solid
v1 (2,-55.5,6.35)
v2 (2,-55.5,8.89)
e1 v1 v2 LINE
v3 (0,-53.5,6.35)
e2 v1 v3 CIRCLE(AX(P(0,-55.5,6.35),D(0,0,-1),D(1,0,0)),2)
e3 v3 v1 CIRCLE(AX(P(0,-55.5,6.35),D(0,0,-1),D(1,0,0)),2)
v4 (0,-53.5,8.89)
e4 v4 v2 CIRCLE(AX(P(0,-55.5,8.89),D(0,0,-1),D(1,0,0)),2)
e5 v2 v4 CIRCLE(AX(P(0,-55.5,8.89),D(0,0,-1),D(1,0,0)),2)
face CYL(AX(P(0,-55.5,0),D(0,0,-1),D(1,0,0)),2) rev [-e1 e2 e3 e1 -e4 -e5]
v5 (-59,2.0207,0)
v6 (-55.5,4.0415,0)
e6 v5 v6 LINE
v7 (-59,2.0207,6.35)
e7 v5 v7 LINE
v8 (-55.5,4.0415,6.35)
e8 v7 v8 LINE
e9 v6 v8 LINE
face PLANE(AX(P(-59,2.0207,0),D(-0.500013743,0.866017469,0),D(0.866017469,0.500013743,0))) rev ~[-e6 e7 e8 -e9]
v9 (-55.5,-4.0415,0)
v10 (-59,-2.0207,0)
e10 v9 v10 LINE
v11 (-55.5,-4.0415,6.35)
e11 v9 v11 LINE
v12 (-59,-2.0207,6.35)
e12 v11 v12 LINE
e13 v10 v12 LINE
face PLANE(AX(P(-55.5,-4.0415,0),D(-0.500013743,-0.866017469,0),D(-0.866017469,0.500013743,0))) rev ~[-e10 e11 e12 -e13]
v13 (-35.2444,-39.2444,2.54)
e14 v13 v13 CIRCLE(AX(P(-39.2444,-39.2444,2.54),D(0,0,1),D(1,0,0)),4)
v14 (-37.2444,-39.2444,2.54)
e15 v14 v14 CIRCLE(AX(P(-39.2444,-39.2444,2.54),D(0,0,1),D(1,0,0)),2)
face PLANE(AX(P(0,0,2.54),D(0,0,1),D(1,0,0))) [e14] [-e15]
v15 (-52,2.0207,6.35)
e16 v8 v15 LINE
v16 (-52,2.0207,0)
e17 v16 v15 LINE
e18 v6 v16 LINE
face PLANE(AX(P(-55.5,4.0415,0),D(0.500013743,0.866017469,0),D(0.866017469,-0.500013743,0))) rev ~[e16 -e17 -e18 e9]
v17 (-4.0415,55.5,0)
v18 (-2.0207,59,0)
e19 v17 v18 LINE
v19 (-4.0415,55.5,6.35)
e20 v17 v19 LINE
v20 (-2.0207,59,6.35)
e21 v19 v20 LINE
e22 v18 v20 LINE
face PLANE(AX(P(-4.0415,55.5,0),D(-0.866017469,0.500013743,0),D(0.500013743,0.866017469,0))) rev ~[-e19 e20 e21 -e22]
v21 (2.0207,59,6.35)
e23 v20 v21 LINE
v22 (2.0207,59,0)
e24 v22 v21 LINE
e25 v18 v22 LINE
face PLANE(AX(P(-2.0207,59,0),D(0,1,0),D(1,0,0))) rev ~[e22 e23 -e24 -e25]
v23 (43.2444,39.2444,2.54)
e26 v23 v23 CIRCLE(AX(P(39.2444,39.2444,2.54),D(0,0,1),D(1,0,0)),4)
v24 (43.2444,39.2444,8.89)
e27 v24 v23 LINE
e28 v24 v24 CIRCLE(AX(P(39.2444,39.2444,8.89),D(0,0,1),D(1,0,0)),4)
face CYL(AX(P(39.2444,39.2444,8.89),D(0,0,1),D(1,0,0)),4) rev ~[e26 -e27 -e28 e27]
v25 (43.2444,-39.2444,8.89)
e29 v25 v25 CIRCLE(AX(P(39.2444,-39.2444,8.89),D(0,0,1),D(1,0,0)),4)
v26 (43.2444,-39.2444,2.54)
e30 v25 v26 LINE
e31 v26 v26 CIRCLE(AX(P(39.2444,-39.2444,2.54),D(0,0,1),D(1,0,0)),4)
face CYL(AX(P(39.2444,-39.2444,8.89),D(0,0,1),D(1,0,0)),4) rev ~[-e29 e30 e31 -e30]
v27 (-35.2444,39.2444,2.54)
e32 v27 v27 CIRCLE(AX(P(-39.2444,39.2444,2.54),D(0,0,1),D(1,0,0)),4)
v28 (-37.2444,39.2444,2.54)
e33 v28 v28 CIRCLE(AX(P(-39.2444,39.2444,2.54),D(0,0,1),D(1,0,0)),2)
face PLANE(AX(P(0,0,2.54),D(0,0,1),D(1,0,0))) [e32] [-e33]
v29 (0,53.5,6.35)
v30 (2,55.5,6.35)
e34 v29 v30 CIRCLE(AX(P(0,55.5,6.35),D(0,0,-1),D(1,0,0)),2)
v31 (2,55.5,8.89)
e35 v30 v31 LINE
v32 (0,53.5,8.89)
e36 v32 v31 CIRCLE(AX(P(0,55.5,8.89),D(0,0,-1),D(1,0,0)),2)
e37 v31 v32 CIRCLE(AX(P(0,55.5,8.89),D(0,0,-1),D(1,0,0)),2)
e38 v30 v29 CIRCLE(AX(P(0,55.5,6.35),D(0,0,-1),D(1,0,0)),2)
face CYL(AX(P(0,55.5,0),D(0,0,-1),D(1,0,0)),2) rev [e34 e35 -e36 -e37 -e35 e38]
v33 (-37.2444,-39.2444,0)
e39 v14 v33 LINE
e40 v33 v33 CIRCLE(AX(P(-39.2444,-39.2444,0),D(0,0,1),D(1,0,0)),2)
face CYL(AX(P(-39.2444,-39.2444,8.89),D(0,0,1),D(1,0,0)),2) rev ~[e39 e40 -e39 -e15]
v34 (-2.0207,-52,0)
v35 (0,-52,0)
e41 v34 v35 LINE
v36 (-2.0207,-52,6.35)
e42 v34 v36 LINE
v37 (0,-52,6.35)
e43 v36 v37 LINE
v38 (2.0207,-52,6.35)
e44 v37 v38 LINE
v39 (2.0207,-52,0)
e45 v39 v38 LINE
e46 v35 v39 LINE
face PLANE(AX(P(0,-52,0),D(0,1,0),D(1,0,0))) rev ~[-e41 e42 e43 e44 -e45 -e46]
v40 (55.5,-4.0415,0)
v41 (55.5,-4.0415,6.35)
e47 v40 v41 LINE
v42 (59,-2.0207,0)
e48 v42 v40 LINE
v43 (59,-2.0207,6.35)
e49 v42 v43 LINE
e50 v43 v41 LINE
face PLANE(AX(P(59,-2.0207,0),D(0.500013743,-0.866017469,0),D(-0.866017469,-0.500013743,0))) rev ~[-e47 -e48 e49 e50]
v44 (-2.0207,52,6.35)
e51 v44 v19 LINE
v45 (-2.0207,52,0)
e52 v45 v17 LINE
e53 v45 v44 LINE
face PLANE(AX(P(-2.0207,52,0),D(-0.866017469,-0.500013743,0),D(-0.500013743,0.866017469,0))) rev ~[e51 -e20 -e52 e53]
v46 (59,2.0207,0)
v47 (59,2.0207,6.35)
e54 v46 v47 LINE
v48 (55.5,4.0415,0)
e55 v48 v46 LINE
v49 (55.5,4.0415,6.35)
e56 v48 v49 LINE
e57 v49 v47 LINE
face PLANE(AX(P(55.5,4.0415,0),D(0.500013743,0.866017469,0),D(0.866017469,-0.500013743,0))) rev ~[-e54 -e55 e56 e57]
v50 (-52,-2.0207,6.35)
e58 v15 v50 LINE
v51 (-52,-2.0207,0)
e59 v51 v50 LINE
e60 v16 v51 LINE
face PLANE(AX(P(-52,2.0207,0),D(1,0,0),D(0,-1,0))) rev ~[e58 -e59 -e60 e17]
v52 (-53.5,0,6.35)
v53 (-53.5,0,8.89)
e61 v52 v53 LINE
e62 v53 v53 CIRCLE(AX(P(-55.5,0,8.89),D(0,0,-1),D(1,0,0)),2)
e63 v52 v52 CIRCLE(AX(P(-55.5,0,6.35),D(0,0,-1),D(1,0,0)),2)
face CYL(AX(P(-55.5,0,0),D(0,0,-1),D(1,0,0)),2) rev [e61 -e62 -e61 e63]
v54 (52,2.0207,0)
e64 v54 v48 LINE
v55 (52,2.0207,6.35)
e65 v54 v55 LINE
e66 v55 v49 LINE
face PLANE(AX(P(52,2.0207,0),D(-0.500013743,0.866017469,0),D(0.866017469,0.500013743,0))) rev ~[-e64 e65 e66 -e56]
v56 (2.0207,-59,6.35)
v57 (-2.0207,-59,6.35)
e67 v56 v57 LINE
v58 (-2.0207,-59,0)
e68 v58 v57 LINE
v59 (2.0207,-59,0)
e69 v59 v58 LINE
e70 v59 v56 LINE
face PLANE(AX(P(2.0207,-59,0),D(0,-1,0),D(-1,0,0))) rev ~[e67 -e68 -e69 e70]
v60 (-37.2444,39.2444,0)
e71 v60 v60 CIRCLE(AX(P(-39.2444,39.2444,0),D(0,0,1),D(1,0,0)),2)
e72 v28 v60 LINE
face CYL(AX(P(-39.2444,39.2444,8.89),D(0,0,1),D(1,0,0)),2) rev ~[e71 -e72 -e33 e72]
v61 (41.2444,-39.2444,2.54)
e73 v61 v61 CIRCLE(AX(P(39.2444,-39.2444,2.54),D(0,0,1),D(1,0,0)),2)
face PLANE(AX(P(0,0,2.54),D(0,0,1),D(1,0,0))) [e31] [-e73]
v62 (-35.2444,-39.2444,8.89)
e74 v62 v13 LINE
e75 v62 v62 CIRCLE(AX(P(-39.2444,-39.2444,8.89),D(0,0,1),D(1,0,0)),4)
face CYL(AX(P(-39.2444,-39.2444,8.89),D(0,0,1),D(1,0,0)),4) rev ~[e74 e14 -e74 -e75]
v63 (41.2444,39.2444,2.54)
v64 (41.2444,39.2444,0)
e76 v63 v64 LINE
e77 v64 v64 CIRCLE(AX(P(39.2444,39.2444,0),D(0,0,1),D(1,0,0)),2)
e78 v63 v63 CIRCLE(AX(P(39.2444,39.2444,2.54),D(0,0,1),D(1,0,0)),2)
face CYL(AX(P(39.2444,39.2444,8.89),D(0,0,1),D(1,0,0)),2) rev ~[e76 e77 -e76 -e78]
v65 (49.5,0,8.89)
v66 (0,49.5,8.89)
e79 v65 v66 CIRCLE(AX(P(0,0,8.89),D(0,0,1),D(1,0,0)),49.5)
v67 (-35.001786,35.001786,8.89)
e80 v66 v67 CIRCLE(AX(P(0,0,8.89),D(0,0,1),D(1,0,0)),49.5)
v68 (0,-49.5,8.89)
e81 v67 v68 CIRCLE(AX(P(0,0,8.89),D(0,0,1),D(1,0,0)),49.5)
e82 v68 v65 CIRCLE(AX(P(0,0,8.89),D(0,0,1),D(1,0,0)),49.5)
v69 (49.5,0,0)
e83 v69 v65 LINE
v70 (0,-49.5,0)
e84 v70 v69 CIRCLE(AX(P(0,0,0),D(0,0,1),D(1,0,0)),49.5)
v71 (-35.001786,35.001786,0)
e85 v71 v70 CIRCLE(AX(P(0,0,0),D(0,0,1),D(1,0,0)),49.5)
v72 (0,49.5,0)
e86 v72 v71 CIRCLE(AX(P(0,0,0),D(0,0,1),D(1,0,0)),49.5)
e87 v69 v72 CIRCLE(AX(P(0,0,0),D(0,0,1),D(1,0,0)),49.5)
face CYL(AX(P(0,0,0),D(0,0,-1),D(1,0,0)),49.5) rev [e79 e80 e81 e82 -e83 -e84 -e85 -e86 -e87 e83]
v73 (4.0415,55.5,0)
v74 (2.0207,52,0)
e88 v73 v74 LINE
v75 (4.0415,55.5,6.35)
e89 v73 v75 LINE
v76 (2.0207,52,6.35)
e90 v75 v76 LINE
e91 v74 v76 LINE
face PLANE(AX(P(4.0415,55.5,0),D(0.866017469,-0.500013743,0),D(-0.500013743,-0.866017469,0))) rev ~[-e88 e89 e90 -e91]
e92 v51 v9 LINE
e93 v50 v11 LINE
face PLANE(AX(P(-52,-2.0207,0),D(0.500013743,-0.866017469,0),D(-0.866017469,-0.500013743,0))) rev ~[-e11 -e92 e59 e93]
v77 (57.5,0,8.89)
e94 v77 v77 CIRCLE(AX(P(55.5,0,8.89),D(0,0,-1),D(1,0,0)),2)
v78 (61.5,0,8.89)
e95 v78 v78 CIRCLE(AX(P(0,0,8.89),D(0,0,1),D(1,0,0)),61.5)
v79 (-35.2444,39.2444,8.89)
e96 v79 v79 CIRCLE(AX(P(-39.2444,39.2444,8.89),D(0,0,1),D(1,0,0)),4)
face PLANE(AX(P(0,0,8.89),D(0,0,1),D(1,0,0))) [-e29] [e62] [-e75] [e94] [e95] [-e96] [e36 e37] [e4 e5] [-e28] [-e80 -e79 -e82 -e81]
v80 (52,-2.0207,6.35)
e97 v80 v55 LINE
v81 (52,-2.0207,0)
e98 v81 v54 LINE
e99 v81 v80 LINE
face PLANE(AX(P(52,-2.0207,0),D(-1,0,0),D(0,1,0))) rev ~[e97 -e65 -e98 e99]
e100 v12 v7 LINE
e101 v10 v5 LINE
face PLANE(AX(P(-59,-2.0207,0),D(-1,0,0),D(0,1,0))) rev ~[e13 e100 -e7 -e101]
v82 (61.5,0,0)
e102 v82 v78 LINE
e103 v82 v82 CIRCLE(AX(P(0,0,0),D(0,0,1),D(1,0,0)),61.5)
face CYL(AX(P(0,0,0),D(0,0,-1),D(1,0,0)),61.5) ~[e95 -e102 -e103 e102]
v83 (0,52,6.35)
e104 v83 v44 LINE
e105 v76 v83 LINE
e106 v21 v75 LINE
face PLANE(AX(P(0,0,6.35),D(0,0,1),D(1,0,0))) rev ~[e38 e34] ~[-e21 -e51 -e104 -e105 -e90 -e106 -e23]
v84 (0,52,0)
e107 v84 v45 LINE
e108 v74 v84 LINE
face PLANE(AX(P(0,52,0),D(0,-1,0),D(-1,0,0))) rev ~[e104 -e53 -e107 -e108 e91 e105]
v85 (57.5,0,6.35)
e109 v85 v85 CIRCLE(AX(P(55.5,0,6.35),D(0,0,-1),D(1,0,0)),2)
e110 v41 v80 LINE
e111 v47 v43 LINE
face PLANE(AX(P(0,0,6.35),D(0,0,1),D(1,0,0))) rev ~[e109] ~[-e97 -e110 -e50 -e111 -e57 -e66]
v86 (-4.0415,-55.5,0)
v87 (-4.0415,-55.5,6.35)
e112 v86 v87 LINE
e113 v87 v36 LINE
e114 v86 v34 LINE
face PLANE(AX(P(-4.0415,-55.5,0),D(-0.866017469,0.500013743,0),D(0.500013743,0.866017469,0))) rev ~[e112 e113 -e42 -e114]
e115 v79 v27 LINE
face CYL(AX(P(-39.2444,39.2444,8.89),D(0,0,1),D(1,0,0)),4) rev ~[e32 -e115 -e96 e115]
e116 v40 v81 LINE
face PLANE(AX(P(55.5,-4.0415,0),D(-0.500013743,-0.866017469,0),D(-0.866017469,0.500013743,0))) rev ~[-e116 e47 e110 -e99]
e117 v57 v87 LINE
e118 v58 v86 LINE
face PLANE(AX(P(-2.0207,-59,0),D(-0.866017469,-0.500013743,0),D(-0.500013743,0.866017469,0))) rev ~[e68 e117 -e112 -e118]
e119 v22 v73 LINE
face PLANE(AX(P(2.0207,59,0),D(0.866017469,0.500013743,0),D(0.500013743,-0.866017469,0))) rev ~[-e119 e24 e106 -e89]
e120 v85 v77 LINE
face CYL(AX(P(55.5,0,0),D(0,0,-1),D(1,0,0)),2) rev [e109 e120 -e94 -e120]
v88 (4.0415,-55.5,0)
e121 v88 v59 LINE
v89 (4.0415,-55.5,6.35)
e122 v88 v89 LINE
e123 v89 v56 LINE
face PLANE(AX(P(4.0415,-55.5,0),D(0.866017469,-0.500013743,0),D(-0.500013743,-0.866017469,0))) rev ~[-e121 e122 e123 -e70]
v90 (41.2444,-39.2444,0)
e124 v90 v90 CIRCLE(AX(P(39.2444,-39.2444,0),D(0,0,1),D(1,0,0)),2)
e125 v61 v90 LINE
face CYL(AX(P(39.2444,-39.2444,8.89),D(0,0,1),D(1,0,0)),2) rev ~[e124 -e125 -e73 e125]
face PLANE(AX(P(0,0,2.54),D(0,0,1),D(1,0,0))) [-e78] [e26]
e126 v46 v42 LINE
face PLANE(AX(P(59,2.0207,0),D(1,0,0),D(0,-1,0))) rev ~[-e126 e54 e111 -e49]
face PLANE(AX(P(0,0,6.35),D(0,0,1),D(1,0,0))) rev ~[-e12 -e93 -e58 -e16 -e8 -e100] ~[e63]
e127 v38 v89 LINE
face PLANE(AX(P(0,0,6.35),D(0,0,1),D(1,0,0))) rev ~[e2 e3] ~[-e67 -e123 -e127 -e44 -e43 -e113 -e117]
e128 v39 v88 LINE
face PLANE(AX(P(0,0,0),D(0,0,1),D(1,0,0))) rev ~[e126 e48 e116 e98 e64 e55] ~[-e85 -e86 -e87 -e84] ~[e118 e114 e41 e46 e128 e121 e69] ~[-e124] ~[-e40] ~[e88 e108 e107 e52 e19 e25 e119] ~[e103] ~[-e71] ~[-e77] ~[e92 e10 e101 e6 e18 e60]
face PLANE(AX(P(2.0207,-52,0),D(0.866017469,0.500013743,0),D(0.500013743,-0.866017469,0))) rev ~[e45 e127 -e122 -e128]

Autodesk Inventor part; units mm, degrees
ref_plane "YZ Plane" through (0, 0, 0) normal (1, 0, 0) x (0, 1, 0)
ref_plane "XZ Plane" through (0, 0, 0) normal (0, 1, 0) x (-1, 0, 0)
ref_plane "XY Plane" through (0, 0, 0) normal (0, 0, 1) x (1, 0, 0)
ref_plane "Work Plane1" through (0, 0, 0) normal (0, 0, 1) x (1, 0, 0)
sketch "Sketch1" plane through (0, 0, 0) normal (0, 0, 1) x (1, 0, 0)
  circle A0 centre (0, -55.5) radius 5.1943 projected
  circle A1 centre (-55.5, 0) radius 5.1943 projected
  circle A2 centre (0, 55.5) radius 5.1943 projected
  circle A3 centre (55.5, 0) radius 5.1943 projected
  circle A4 centre (0, 0) radius 61.5 projected
  circle A5 centre (0, 0) radius 49.5 projected
  line L0 (-2.0207, 52) -> (-4.0415, 55.5)
  line L1 (-4.0415, 55.5) -> (-2.0207, 59)
  line L2 (-2.0207, 59) -> (2.0207, 59)
  line L3 (2.0207, 59) -> (4.0415, 55.5)
  line L4 (4.0415, 55.5) -> (2.0207, 52)
  line L5 (2.0207, 52) -> (-2.0207, 52)
  line L6 (0, 55.5) -> (0, 52) construction
  line L7 (-52, -2.0207) -> (-55.5, -4.0415)
  line L8 (-55.5, -4.0415) -> (-59, -2.0207)
  line L9 (-59, -2.0207) -> (-59, 2.0207)
  line L10 (-59, 2.0207) -> (-55.5, 4.0415)
  line L11 (-55.5, 4.0415) -> (-52, 2.0207)
  line L12 (-52, 2.0207) -> (-52, -2.0207)
  line L13 (2.0207, -52) -> (4.0415, -55.5)
  line L14 (4.0415, -55.5) -> (2.0207, -59)
  line L15 (2.0207, -59) -> (-2.0207, -59)
  line L16 (-2.0207, -59) -> (-4.0415, -55.5)
  line L17 (-4.0415, -55.5) -> (-2.0207, -52)
  line L18 (-2.0207, -52) -> (2.0207, -52)
  line L19 (52, 2.0207) -> (55.5, 4.0415)
  line L20 (55.5, 4.0415) -> (59, 2.0207)
  line L21 (59, 2.0207) -> (59, -2.0207)
  line L22 (59, -2.0207) -> (55.5, -4.0415)
  line L23 (55.5, -4.0415) -> (52, -2.0207)
  line L24 (52, -2.0207) -> (52, 2.0207)
  circle A6 centre (0, 55.5) radius 5.1943
  circle A7 centre (-39.2444, 39.2444) radius 5.1943
  line L25 (-39.2444, 39.2444) -> (0, 0)
  line L26 (0, 55.5) -> (0, -55.5)
  circle A8 centre (-39.2444, -39.2444) radius 5.1943
  circle A9 centre (39.2444, -39.2444) radius 5.1943
  circle A10 centre (39.2444, 39.2444) radius 5.1943
  circle A11 centre (0, -55.5) radius 2
  circle A12 centre (55.5, 0) radius 2
  circle A13 centre (0, 55.5) radius 2
  circle A14 centre (-55.5, 0) radius 2
  point P0 (-52, 0)
  point P1 (0, -52)
  point P2 (52, 0)
  dimension "d2" = 7
  dimension "d5" = 360
  dimension "d11" = 45
  dimension "d12" = 10.3886
  dimension "d13" = 55.5
  dimension "d16" = 360
  dimension "d32" = 4
  dimension "d35" = 360
extrude "Extrusion1" add sketch "Sketch1" along normal blind 8.89 contours A11 | L18 L13 L14 L15 L16 L17 | A0 | A7 | A13 | L5 L0 L1 L2 L3 L4 | A2 | A1 | A3 | A4 | L7 L8 L9 L10 L11 L12 | L19 L20 L21 L22 L23 L24 | A8 | A9 | A10 | A12 | A14
extrude "Extrusion2" cut sketch "Sketch1" along normal blind 6.35 contours A11 | L18 L13 L14 L15 L16 L17 | A13 | L5 L0 L1 L2 L3 L4 | L7 L8 L9 L10 L11 L12 | L19 L20 L21 L22 L23 L24 | A12 | A14
sketch "Sketch2" plane through (0, 0, 8.89) normal (0, 0, 1) x (1, 0, 0)
  circle A0 centre (39.2444, 39.2444) radius 5.1943 projected
  circle A1 centre (39.2444, -39.2444) radius 5.1943 projected
  circle A2 centre (-39.2444, -39.2444) radius 5.1943 projected
  circle A3 centre (-39.2444, 39.2444) radius 5.1943 projected
  circle A4 centre (39.2444, -39.2444) radius 4
  circle A5 centre (0, 0) radius 49.5 projected
  circle A6 centre (39.2444, 39.2444) radius 4
  circle A7 centre (-39.2444, 39.2444) radius 4
  circle A8 centre (-39.2444, -39.2444) radius 4
  circle A9 centre (39.2444, -39.2444) radius 2
  circle A10 centre (39.2444, 39.2444) radius 2
  circle A11 centre (-39.2444, 39.2444) radius 2
  circle A12 centre (-39.2444, -39.2444) radius 2
  dimension "d18" = 8
  dimension "d21" = 360
  dimension "d25" = 4
  dimension "d28" = 360
extrude "Extrusion3" cut sketch "Sketch2" against normal blind 6.35 contours A4 | A6 | A7 | A8 | A9 | A10 | A11 | A12
extrude "Extrusion4" cut sketch "Sketch2" against normal blind 15.875 contours A9 | A10 | A11 | A12
extrude "Extrusion5" cut sketch "Sketch1" along normal through all contours A11 | A13 | A12 | A14
properties part number "TopSpacer"
